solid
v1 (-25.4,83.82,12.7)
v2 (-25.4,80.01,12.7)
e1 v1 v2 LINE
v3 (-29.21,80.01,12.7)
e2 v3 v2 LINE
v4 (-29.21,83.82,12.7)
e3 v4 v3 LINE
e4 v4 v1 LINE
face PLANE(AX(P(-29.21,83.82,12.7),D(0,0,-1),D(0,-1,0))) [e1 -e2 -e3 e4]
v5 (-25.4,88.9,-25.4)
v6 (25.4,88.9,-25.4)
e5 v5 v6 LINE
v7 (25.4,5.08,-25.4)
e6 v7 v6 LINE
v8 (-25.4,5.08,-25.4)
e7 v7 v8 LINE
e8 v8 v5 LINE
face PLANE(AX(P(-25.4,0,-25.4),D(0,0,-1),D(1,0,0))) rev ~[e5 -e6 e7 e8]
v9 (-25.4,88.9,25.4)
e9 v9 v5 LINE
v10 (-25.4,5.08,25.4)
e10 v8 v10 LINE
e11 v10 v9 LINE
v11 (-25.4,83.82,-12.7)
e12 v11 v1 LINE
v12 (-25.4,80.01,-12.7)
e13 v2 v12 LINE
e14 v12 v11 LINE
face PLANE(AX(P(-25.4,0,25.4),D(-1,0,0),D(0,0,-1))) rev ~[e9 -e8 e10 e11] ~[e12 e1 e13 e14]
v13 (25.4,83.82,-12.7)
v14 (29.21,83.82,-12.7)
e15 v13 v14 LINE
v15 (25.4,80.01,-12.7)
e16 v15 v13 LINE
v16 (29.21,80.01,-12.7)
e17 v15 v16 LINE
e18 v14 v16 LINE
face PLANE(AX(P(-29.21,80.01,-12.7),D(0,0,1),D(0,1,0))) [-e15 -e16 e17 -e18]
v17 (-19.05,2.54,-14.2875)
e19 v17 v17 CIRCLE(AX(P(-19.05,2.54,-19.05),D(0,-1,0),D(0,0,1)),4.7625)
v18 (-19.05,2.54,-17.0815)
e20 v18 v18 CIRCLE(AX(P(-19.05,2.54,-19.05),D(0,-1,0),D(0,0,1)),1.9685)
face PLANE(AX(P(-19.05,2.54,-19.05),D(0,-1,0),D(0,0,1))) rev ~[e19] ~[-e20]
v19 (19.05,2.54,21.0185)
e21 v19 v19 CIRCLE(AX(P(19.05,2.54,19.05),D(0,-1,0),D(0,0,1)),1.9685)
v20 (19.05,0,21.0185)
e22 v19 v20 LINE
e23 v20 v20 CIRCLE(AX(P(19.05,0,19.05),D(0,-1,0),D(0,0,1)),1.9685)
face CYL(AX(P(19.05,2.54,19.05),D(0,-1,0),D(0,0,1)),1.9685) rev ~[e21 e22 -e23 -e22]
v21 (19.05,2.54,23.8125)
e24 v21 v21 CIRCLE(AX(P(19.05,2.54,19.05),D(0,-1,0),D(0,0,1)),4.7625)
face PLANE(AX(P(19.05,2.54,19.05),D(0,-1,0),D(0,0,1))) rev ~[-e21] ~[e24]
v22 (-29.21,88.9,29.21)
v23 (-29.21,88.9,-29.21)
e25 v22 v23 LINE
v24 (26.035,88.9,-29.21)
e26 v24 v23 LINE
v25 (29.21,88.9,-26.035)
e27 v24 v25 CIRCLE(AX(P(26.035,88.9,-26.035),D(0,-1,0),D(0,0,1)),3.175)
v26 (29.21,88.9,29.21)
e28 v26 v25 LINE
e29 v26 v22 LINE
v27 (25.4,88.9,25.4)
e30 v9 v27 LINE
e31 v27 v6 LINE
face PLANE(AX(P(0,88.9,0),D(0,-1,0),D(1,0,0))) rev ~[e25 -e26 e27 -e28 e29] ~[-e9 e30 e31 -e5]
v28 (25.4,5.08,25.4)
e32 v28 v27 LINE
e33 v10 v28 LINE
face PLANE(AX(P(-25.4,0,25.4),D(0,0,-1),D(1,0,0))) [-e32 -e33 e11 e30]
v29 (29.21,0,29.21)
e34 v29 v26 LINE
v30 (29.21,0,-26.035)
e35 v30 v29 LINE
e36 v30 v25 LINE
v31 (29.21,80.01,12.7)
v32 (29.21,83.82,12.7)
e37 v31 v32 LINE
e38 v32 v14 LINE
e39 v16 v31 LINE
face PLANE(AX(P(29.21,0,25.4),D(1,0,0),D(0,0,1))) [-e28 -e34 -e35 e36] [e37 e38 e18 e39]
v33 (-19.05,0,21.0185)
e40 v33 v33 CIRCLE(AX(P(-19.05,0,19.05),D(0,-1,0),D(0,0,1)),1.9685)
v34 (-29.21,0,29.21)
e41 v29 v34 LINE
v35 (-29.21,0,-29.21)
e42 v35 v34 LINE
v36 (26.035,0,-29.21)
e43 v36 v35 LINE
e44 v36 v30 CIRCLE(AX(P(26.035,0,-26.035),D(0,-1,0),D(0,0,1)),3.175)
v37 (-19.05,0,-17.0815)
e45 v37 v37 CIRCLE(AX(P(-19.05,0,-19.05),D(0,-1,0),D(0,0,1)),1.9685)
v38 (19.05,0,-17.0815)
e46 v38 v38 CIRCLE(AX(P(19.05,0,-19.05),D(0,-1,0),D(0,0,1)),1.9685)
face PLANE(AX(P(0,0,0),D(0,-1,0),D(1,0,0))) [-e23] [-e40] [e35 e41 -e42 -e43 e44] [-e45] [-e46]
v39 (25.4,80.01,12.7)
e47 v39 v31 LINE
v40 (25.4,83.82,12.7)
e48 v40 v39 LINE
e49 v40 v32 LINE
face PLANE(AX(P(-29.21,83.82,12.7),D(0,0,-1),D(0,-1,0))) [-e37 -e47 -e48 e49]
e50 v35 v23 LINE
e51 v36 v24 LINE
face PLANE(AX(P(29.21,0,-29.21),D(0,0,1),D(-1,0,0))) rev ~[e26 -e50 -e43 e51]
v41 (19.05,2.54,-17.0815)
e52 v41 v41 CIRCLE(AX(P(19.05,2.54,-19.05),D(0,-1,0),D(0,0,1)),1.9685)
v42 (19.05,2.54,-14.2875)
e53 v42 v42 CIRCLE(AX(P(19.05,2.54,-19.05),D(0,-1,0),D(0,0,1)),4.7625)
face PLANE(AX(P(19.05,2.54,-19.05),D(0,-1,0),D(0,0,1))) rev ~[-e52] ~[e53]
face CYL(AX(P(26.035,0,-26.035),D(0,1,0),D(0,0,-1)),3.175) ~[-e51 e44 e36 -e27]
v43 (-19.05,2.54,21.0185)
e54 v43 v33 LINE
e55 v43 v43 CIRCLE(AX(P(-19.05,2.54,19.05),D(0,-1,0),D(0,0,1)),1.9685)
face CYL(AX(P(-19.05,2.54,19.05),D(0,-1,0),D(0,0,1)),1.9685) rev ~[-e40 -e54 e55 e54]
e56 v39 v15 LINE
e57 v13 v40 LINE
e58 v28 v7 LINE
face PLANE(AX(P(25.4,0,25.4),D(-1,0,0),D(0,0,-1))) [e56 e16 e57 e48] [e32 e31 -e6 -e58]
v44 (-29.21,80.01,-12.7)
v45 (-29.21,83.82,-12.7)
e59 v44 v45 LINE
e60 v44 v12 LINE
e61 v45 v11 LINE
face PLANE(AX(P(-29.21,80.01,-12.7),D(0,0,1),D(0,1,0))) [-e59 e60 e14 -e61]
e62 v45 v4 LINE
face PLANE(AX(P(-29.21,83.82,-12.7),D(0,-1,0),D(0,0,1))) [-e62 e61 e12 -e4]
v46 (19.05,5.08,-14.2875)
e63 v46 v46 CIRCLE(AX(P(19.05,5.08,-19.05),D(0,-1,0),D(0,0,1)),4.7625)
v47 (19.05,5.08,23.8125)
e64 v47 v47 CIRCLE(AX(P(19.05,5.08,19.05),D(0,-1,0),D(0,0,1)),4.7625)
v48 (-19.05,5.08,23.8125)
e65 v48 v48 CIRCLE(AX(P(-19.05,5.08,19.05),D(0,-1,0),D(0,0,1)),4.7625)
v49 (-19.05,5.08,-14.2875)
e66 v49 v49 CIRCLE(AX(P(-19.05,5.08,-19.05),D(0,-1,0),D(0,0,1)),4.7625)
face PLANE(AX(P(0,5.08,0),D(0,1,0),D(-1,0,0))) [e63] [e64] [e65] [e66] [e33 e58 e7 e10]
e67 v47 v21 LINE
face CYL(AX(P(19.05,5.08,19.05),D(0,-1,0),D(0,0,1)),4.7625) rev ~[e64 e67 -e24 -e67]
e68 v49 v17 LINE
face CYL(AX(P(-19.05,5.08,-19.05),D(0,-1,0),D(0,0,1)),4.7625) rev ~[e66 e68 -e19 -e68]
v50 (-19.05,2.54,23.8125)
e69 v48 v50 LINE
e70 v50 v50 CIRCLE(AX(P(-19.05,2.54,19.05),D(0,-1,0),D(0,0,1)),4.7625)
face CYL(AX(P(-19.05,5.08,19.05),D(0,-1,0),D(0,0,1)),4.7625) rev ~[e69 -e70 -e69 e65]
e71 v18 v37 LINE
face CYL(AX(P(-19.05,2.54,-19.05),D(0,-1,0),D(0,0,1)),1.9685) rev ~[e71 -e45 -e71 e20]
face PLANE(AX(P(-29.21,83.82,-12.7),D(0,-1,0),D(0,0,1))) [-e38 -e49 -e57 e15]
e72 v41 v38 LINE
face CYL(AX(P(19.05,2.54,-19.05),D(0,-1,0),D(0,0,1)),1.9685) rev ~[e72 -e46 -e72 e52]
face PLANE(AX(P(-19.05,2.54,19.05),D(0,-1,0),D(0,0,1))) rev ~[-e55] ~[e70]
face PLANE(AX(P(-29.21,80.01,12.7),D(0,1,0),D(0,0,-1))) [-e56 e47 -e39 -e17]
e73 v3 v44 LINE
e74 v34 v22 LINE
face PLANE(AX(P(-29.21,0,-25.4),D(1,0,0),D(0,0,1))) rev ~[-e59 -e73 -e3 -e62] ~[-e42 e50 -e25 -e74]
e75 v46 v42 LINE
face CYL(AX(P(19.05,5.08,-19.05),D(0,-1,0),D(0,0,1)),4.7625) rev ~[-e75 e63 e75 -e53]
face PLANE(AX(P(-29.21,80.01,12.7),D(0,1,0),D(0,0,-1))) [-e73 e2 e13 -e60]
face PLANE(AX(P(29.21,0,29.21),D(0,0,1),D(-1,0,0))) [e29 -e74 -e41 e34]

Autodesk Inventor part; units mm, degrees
ref_plane "YZ Plane" through (0, 0, 0) normal (1, 0, 0) x (0, 1, 0)
ref_plane "XZ Plane" through (0, 0, 0) normal (0, 1, 0) x (-1, 0, 0)
ref_plane "XY Plane" through (0, 0, 0) normal (0, 0, 1) x (1, 0, 0)
sketch "Sketch1" plane through (0, 0, 0) normal (0, 1, 0) x (-1, 0, 0)
  line L0 (25.4, 25.4) -> (-25.4, 25.4)
  line L1 (-25.4, 25.4) -> (-25.4, -25.4)
  line L2 (-25.4, -25.4) -> (25.4, -25.4)
  line L3 (25.4, -25.4) -> (25.4, 25.4)
  line L4 (25.4, 25.4) -> (-25.4, -25.4) construction
  line L5 (-25.4, 25.4) -> (25.4, -25.4) construction
  point P0 (0, 0)
  dimension "d0" = 50.8
  dimension "d1" = 50.8
extrude "Extrusion1" add sketch "Sketch1" along normal blind 5.08
sketch "Sketch2" plane through (0, 5.08, 0) normal (0, 1, 0) x (1, 0, 0)
  line L0 (-25.4, -25.4) -> (25.4, -25.4) projected
  line L1 (-25.4, 25.4) -> (-25.4, -25.4) projected
  line L2 (25.4, -25.4) -> (25.4, 25.4) projected
  line L3 (25.4, 25.4) -> (-25.4, 25.4) projected
  point P0 (0, 0)
  point P1 (-19.05, -19.05)
  point P2 (-19.05, 19.05)
  point P3 (19.05, 19.05)
  point P4 (19.05, -19.05)
  dimension "d4" = 6.35
  dimension "d5" = 6.35
  dimension "d6" = 6.35
  dimension "d7" = 6.35
  dimension "d8" = 6.35
  dimension "d9" = 6.35
  dimension "d10" = 6.35
  dimension "d11" = 6.35
hole "Hole1" at (-19.05, 5.08, 19.05) at (19.05, 5.08, 19.05) at (19.05, 5.08, -19.05) at (-19.05, 5.08, -19.05) direction (0, -1, 0) diameter 3.937 end through all counterbore diameter 9.525 counterbore depth 2.54
sketch "Sketch3" plane through (0, 0, 0) normal (0, -1, 0) x (1, 0, 0)
  line L0 (-29.21, -25.4) -> (-29.21, 25.4)
  line L1 (-25.4, 25.4) -> (-25.4, -25.4)
  line L2 (-25.4, -25.4) -> (25.4, -25.4)
  line L3 (29.21, -25.4) -> (29.21, -29.21)
  line L4 (29.21, -29.21) -> (-29.21, -29.21)
  line L5 (-29.21, -29.21) -> (-29.21, -25.4)
  line L6 (25.4, -25.4) -> (-25.4, -25.4) projected
  line L7 (29.21, -25.4) -> (29.21, 25.4)
  line L8 (25.4, 25.4) -> (25.4, -25.4)
  line L9 (-25.4, 25.4) -> (25.4, 25.4)
  line L10 (29.21, 25.4) -> (29.21, 29.21)
  line L11 (29.21, 29.21) -> (-29.21, 29.21)
  line L12 (-29.21, 29.21) -> (-29.21, 25.4)
  point P0 (0, 0)
  dimension "d20" = 58.42
  dimension "d21" = 3.81
  dimension "d23" = 58.42
  dimension "d24" = 3.81
extrude "Extrusion2" add sketch "Sketch3" against normal blind 88.9
fillet "Fillet1" radius 3.175 1 edges at (29.21, 44.45, -29.21)
sketch "Sketch4" plane through (-29.21, 0, -26.035) normal (-1, 0, 0) x (0, 0, 1)
  line L0 (13.335, 83.82) -> (38.735, 83.82)
  line L1 (38.735, 83.82) -> (38.735, 80.01)
  line L2 (38.735, 80.01) -> (13.335, 80.01)
  line L3 (13.335, 80.01) -> (13.335, 83.82)
  line L4 (0, 88.9) -> (52.07, 88.9) projected
  line L5 (55.245, 0) -> (55.245, 88.9) projected
  line L6 (-3.175, 88.9) -> (-3.175, 0) projected
  point P0 (26.035, 0)
  dimension "d28" = 25.4
  dimension "d29" = 5.08
  dimension "d30" = 3.81
  dimension "d31" = 16.51
  dimension "d32" = 16.51
extrude "Extrusion3" cut sketch "Sketch4" against normal through all
equation "\"d6\" = d5"
equation "\"d7\" = d4"
equation "\"d8\" = d6"
equation "\"d9\" = d4"
equation "\"d10\" = d4"
equation "\"d11\" = d5"
properties part number "vertical batter holder 4 holes in bottom"
